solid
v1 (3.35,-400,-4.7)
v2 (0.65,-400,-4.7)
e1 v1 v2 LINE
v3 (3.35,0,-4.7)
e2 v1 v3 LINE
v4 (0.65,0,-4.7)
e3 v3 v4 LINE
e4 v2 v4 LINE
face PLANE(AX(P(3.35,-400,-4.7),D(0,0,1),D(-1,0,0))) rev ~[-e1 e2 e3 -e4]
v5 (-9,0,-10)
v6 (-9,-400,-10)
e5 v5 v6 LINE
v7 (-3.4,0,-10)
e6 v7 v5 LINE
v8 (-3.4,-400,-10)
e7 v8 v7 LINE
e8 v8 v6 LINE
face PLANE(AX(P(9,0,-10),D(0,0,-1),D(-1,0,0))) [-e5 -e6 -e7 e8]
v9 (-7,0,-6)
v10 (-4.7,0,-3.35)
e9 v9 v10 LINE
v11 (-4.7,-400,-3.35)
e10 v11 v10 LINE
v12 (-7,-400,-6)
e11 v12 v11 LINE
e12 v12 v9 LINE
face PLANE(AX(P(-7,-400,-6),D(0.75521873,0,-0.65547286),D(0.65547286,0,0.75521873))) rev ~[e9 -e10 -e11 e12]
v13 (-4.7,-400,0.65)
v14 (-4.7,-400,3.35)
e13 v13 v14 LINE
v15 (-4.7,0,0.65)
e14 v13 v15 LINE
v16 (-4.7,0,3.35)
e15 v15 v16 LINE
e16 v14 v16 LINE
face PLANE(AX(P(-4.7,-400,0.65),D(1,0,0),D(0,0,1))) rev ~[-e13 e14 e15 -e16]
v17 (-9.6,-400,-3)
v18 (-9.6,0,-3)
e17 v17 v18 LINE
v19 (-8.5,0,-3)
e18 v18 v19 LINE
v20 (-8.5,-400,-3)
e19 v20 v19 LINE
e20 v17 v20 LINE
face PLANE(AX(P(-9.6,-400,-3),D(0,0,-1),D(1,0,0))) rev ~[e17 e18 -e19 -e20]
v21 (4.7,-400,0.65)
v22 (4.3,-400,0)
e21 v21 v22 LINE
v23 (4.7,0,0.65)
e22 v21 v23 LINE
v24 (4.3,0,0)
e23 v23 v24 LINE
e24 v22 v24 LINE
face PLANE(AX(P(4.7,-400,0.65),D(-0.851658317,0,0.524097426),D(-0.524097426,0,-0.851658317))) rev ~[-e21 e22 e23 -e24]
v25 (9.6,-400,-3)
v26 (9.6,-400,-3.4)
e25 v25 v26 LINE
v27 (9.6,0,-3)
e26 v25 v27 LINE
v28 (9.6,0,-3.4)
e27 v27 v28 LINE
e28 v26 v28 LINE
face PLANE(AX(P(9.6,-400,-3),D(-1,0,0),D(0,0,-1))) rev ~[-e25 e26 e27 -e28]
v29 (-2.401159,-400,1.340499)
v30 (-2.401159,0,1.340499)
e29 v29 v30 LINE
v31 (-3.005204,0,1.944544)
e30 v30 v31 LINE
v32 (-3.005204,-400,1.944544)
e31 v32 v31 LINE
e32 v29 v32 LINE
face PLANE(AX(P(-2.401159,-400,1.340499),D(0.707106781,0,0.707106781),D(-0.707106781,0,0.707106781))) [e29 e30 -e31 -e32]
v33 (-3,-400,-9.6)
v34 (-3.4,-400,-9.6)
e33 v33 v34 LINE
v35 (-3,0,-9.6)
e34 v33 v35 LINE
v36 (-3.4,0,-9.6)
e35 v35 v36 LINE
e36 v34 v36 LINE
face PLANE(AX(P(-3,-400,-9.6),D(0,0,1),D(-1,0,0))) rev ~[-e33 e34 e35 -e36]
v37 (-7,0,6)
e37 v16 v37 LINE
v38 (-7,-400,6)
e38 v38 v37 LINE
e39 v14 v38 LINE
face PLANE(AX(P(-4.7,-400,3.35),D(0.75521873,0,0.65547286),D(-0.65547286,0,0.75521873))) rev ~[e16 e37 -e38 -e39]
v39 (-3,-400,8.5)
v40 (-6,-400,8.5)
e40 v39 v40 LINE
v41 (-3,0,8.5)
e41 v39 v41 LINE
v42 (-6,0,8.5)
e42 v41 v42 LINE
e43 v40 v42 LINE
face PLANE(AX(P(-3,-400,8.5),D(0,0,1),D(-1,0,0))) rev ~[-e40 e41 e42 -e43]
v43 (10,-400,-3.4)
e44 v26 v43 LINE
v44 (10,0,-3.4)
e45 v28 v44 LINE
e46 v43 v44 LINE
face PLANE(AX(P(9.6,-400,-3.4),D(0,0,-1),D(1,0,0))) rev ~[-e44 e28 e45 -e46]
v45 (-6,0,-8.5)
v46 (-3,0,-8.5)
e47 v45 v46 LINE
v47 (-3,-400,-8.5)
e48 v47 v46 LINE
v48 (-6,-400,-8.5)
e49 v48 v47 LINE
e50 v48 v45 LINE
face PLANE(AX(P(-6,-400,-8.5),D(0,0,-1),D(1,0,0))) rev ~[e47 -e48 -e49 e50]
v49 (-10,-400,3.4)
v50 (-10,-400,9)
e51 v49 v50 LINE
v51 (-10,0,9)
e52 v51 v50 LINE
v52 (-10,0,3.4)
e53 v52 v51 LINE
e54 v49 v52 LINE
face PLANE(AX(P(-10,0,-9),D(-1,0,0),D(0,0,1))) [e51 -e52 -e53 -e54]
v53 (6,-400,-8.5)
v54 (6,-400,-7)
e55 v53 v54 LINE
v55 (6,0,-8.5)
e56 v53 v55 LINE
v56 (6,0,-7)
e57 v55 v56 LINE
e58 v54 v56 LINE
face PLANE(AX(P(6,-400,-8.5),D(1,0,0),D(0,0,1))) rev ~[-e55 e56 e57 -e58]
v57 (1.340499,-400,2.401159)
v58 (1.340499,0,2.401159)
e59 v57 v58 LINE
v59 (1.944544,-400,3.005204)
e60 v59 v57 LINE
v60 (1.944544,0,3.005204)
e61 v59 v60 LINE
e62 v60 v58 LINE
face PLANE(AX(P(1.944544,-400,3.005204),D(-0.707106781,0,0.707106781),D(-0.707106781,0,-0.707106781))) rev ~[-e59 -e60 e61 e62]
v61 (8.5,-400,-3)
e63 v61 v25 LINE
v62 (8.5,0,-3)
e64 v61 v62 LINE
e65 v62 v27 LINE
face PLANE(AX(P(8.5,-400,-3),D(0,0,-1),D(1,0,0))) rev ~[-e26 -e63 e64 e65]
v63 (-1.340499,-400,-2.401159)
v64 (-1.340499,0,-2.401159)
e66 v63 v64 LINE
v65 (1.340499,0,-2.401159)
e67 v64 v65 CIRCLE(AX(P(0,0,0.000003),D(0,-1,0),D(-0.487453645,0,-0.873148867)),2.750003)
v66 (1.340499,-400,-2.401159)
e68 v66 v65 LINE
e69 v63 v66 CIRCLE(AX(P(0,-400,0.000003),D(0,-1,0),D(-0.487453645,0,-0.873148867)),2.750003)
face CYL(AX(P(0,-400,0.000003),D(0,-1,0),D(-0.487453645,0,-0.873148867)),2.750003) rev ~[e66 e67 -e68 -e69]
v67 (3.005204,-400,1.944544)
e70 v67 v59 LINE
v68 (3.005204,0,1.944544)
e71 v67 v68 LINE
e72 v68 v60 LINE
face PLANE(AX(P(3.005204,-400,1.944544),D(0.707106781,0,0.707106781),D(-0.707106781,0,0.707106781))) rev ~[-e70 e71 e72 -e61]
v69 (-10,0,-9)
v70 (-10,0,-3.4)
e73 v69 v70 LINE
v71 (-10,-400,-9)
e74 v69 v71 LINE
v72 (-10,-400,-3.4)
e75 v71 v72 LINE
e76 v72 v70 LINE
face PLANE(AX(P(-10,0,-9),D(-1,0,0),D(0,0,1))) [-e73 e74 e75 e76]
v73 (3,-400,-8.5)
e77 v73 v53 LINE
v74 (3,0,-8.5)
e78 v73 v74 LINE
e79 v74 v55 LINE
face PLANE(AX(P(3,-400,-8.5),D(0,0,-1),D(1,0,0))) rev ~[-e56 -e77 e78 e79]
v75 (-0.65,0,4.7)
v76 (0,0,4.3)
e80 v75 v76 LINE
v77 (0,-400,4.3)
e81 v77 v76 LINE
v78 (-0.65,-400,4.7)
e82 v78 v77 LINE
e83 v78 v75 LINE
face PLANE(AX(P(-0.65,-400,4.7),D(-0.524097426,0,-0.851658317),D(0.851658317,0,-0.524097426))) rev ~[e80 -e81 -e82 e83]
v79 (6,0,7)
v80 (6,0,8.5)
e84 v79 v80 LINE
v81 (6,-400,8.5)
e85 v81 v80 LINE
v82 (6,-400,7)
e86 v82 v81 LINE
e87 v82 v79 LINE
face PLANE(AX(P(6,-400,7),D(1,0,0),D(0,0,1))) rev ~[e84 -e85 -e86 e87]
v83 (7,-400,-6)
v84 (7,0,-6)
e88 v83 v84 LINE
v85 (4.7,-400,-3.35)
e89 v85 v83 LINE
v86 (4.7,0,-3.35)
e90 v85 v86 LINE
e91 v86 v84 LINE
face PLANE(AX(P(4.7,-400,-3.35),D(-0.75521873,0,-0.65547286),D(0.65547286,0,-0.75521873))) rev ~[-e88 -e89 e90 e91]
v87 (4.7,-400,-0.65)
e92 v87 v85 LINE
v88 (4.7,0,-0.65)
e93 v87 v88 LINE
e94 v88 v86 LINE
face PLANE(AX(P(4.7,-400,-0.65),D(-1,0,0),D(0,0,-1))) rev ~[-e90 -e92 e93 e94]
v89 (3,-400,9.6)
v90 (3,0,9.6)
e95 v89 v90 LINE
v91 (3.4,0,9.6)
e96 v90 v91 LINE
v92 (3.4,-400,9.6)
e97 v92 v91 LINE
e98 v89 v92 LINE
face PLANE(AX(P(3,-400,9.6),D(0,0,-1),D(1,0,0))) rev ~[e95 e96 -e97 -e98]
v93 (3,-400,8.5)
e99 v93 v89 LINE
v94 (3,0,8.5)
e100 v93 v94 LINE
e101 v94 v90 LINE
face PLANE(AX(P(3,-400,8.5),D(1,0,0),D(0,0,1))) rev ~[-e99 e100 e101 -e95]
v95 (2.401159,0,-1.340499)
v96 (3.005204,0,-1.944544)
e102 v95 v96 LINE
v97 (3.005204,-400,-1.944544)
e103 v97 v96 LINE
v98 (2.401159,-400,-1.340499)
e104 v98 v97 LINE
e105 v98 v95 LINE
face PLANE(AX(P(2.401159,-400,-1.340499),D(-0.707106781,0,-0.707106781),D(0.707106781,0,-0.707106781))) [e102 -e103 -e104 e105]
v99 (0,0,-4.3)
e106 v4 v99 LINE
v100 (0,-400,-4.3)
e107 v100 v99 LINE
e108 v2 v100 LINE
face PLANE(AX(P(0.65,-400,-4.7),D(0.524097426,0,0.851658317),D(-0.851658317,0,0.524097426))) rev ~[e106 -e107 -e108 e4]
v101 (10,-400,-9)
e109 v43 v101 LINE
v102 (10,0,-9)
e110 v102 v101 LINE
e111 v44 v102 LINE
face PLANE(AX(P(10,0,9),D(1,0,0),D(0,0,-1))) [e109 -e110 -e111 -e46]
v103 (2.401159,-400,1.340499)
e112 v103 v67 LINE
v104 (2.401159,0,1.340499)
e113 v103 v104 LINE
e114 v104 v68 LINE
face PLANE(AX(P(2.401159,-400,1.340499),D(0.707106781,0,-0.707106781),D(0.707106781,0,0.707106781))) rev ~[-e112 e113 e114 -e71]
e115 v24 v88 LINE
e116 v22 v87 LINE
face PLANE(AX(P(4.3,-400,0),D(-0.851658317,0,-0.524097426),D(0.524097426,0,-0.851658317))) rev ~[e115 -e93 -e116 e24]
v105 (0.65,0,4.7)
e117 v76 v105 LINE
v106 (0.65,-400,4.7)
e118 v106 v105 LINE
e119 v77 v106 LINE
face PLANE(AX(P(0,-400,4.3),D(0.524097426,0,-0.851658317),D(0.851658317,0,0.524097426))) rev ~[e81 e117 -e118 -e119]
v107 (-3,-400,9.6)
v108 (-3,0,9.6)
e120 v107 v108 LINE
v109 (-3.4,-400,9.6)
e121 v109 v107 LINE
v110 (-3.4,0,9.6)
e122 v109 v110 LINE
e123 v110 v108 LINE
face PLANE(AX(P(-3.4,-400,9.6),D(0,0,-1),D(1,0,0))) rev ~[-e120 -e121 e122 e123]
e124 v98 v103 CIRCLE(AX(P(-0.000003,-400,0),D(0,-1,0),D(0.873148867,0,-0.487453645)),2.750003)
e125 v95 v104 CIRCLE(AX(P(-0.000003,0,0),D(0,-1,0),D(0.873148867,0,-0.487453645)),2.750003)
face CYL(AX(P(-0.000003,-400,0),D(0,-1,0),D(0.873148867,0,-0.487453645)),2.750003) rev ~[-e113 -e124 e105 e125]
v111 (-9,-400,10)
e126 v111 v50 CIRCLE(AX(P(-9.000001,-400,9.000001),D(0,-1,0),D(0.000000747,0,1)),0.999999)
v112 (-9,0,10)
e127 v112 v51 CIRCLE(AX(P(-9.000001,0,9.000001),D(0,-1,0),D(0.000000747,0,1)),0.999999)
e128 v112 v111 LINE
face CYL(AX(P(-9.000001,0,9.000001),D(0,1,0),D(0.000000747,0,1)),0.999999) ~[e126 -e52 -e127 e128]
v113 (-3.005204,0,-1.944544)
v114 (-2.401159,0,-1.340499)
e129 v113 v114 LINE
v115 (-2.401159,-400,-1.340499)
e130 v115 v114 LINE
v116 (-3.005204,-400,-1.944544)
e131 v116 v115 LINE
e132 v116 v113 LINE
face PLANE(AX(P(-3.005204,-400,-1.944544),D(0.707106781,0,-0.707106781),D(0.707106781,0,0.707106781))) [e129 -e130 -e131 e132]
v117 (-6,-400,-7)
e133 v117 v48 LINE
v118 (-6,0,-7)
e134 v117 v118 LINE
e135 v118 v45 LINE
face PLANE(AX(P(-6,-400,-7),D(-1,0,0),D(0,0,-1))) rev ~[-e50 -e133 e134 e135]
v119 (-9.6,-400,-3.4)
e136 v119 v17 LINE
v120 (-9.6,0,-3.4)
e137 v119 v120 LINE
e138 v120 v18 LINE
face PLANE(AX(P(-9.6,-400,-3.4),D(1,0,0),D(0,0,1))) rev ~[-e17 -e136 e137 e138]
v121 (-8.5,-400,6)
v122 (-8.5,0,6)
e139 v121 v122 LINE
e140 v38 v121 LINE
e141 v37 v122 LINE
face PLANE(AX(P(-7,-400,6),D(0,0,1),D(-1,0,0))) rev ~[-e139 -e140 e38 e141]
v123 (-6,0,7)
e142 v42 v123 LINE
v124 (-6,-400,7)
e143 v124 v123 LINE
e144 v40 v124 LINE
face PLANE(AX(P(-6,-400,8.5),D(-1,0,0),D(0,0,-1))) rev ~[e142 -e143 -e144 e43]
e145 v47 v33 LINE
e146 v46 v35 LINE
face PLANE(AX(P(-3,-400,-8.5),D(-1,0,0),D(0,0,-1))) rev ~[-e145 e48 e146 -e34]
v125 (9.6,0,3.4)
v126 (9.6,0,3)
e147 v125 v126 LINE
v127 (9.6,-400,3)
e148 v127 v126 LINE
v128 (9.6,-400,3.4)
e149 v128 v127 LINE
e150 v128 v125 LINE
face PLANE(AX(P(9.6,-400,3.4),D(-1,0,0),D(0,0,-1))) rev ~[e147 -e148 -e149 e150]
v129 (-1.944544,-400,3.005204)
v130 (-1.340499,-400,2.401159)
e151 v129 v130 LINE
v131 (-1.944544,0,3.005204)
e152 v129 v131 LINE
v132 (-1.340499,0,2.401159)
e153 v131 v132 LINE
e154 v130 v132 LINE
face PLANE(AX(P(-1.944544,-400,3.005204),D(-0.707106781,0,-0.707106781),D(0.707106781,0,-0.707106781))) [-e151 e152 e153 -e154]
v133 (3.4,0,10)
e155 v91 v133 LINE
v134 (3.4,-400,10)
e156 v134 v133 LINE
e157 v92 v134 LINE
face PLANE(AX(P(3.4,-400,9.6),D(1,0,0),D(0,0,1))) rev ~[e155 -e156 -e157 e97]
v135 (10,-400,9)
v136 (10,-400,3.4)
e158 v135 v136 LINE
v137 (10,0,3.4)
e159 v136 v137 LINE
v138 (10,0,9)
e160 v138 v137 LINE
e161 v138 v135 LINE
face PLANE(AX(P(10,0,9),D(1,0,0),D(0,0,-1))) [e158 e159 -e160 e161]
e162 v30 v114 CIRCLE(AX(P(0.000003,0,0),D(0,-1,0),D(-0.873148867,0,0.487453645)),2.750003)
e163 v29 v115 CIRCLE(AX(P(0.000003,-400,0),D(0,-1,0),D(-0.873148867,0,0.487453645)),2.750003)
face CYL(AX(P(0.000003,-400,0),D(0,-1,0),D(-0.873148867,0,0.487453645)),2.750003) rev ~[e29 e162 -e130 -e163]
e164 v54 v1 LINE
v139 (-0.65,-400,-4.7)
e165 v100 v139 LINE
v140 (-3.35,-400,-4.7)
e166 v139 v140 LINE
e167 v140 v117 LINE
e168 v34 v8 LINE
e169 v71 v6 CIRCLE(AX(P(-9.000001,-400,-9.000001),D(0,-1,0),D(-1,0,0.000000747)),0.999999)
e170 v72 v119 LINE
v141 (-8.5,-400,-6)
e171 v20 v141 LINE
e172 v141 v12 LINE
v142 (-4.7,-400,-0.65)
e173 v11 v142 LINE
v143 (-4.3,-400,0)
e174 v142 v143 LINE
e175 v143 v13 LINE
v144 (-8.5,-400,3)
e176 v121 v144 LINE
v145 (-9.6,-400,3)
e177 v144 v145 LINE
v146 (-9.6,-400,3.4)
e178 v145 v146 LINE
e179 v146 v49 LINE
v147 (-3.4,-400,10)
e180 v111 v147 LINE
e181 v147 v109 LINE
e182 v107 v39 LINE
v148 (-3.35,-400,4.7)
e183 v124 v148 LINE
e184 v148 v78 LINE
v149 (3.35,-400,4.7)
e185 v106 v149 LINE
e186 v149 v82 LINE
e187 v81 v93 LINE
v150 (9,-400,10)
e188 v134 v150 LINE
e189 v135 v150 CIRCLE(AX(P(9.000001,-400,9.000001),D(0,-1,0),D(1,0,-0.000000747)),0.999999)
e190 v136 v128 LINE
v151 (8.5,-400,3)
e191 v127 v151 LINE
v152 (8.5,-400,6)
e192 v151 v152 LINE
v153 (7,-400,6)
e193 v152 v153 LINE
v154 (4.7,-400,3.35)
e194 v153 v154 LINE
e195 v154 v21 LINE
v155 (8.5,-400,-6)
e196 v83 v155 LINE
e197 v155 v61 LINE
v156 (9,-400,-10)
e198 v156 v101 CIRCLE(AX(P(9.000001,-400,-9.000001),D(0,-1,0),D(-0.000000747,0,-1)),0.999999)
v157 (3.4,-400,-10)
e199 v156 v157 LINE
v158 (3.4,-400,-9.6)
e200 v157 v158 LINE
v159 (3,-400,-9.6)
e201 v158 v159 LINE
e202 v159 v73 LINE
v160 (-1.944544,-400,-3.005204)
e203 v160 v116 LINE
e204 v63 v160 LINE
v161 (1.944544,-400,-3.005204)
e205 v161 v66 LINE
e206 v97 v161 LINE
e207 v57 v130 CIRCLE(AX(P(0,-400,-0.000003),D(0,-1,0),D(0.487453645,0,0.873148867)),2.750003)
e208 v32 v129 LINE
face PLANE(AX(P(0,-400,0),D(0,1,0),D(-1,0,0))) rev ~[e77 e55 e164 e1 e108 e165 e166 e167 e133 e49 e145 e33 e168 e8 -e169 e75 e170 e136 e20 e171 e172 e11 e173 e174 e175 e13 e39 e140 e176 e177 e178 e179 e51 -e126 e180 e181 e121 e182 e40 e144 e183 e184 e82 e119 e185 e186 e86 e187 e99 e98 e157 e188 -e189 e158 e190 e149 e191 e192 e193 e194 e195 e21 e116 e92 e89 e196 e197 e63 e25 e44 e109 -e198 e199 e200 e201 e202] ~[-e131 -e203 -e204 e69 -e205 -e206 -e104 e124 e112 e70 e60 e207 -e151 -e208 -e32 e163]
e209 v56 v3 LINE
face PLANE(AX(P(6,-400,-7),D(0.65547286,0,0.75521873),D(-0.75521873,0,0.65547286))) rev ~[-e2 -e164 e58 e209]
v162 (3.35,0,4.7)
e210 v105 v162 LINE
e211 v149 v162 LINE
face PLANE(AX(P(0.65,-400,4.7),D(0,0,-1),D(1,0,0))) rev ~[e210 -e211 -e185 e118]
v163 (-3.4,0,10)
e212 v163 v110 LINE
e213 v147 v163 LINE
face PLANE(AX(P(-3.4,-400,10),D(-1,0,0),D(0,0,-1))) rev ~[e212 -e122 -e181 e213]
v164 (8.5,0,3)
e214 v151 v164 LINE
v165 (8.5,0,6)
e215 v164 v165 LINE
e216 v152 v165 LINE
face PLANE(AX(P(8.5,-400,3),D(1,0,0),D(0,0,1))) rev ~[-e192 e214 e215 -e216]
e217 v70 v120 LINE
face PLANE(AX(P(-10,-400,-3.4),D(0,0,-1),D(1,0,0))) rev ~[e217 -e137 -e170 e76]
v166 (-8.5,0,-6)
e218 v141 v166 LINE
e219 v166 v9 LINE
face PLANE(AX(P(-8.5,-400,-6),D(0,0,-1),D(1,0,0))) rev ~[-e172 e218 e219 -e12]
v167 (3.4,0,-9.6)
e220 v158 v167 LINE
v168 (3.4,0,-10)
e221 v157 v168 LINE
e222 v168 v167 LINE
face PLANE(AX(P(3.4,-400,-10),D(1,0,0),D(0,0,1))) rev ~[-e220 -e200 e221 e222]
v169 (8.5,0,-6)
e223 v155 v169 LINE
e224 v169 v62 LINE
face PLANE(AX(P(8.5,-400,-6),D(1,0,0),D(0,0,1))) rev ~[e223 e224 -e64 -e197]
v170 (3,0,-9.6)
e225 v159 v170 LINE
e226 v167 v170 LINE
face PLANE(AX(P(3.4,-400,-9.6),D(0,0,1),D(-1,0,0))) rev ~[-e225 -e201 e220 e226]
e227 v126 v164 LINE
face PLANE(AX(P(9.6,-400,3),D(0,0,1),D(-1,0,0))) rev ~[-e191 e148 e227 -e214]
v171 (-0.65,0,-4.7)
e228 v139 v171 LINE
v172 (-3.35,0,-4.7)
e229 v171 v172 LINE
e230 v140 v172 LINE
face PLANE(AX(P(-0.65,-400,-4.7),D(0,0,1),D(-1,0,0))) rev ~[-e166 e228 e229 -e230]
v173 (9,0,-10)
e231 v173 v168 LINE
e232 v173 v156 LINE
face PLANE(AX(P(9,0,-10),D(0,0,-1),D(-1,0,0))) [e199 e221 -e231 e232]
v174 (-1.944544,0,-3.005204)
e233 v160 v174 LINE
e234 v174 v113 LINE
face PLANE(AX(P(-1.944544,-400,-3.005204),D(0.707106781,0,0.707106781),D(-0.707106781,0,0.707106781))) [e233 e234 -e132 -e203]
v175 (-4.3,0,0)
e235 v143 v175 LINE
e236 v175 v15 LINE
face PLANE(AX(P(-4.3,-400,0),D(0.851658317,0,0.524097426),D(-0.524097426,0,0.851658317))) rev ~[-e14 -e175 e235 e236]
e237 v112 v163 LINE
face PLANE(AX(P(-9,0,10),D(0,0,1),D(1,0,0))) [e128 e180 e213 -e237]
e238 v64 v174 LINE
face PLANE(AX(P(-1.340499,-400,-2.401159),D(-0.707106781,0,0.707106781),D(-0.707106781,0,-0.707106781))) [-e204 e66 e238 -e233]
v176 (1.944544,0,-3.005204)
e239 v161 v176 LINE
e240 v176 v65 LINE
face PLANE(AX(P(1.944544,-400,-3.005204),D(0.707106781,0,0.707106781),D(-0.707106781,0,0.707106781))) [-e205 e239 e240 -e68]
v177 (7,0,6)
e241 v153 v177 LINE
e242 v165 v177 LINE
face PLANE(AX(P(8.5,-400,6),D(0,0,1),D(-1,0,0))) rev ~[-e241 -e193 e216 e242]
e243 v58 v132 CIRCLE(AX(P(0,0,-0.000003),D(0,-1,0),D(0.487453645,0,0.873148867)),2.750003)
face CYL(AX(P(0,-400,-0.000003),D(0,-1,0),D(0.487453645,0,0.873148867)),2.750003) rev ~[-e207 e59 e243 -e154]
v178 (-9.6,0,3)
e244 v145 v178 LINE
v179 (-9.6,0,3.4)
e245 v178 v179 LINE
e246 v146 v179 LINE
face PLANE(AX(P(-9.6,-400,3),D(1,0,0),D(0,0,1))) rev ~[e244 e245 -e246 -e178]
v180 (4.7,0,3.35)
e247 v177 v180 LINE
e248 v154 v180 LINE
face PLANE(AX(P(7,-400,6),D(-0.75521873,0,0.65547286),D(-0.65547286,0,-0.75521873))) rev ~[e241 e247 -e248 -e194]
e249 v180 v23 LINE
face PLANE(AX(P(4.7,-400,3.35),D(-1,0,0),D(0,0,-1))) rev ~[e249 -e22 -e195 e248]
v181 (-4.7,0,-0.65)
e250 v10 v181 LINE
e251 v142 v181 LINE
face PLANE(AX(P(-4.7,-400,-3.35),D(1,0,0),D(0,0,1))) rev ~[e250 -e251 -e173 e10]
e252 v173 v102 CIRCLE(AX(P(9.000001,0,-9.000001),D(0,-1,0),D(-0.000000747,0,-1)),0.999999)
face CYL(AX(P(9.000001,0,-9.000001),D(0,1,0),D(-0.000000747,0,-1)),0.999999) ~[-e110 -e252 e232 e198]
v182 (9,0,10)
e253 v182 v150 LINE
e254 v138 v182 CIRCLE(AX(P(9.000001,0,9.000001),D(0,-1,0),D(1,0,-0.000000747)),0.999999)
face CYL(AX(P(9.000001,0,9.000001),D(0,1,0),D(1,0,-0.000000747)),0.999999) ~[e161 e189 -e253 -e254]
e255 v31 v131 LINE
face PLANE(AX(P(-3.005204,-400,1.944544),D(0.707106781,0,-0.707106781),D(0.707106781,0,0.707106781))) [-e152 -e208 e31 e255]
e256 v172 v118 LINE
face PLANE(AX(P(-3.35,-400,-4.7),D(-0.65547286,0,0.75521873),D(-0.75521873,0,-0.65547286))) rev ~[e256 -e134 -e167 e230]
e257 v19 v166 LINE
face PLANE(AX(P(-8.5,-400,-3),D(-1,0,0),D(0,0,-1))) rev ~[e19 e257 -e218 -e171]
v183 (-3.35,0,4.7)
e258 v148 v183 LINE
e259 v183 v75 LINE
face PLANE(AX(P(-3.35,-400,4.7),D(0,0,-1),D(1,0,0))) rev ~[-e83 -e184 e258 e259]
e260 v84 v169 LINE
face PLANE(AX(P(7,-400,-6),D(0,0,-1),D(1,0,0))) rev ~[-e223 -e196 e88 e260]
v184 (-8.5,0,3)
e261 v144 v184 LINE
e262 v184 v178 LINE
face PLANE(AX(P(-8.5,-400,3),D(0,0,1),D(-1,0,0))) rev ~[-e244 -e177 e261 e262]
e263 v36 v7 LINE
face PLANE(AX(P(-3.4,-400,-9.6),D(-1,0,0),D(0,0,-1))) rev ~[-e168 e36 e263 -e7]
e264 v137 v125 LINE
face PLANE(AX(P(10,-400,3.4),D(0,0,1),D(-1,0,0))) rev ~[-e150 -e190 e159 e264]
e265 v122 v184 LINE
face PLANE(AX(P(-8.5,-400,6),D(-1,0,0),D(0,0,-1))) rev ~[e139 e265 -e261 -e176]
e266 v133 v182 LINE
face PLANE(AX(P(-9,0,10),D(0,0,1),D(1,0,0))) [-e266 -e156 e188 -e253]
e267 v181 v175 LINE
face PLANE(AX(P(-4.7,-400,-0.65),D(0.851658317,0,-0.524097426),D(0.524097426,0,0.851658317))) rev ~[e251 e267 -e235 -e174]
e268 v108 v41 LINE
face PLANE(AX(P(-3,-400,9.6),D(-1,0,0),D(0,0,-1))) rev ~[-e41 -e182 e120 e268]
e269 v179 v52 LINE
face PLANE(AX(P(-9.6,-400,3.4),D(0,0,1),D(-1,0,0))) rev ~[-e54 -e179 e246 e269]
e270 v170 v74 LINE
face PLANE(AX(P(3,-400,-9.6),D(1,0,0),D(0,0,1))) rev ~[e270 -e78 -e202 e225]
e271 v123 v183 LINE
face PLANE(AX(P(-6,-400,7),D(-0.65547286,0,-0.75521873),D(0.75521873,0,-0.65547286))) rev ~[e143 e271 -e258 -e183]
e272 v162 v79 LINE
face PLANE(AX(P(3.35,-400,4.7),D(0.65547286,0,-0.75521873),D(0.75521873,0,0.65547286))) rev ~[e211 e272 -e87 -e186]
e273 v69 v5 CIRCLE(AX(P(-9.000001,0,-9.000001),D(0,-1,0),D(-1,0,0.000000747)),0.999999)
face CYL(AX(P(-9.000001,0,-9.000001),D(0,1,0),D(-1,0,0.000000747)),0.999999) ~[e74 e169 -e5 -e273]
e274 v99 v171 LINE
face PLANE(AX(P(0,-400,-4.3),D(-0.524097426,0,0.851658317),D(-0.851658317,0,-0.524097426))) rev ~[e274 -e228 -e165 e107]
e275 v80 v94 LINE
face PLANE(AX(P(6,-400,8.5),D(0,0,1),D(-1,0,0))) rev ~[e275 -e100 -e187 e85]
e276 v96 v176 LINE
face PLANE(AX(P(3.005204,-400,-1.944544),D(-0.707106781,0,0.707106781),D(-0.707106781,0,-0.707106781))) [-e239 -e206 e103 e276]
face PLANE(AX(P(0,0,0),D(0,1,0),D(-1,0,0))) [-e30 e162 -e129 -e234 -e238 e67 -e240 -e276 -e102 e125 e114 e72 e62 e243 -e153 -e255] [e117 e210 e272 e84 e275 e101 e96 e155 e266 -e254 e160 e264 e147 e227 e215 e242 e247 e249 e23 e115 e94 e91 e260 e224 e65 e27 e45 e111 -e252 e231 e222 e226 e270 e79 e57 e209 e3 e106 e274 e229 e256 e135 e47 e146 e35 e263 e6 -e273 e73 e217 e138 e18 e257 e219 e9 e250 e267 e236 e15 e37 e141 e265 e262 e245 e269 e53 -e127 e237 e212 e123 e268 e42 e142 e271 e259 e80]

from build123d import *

# Parameters (mm, degrees)
PAD_DEPTH          = 400
POCKET_DEPTH       = 400
POLARPATTERN_COUNT = 4
POCKET001_DEPTH    = 400


with BuildPart() as part:
    # Sketch → Pad (new body)
    with BuildSketch(Plane.XZ):
        with BuildLine():
            Line((-9, 10), (9, 10))
            ThreePointArc((10, 9), (9.707107, 9.707107), (9, 10))
            Line((10, 9), (10, -9))
            ThreePointArc((9, -10), (9.707107, -9.707107), (10, -9))
            Line((9, -10), (-9, -10))
            ThreePointArc((-10, -9), (-9.707107, -9.707107), (-9, -10))
            Line((-10, -9), (-10, 9))
            ThreePointArc((-9, 10), (-9.707107, 9.707107), (-10, 9))
        make_face()
    extrude(amount=PAD_DEPTH)

    # Sketch001 (on Face10 of Pad) → Pocket (cut)
    with BuildSketch(Plane.XZ.offset(400)):
        Polygon((-3.4, 10), (-3.4, 9.6), (-3, 9.6), (-3, 8.5), (-6, 8.5), (-6, 7), (-3.35, 4.7), (-0.65, 4.7), (0, 4.3), (0.65, 4.7), (3.35, 4.7), (6, 7), (6, 8.5), (3, 8.5), (3, 9.6), (3.4, 9.6), (3.4, 10), align=None)
    pocket = extrude(amount=-POCKET_DEPTH, mode=Mode.SUBTRACT)

    # PolarPattern: Pocket ×4 about axis
    polarpattern_axis = Axis((0, -400, 0), (0, -1, 0))
    for i in range(1, POLARPATTERN_COUNT):
        add(pocket.rotate(polarpattern_axis, i * 360 / POLARPATTERN_COUNT), mode=Mode.SUBTRACT)

    # Sketch002 (on Face4 of PolarPattern) → Pocket001 (cut)
    with BuildSketch(Plane.XZ.offset(400)):
        with BuildLine():
            ThreePointArc((1.340499, 2.401159), (0, 2.75), (-1.340499, 2.401159))
            Line((-1.944544, 3.005204), (-1.340499, 2.401159))
            Line((-3.005204, 1.944544), (-1.944544, 3.005204))
            Line((-2.401159, 1.340499), (-3.005204, 1.944544))
            ThreePointArc((-2.401159, 1.340499), (-2.75, 0), (-2.401159, -1.340499))
            Line((-3.005204, -1.944544), (-2.401159, -1.340499))
            Line((-1.944544, -3.005204), (-3.005204, -1.944544))
            Line((-1.340499, -2.401159), (-1.944544, -3.005204))
            ThreePointArc((-1.340499, -2.401159), (0, -2.75), (1.340499, -2.401159))
            Line((1.944544, -3.005204), (1.340499, -2.401159))
            Line((3.005204, -1.944544), (1.944544, -3.005204))
            Line((2.401159, -1.340499), (3.005204, -1.944544))
            ThreePointArc((2.401159, -1.340499), (2.75, 0), (2.401159, 1.340499))
            Line((2.401159, 1.340499), (3.005204, 1.944544))
            Line((3.005204, 1.944544), (1.944544, 3.005204))
            Line((1.944544, 3.005204), (1.340499, 2.401159))
        make_face()
    extrude(amount=-POCKET001_DEPTH, mode=Mode.SUBTRACT)


solid = part.part
